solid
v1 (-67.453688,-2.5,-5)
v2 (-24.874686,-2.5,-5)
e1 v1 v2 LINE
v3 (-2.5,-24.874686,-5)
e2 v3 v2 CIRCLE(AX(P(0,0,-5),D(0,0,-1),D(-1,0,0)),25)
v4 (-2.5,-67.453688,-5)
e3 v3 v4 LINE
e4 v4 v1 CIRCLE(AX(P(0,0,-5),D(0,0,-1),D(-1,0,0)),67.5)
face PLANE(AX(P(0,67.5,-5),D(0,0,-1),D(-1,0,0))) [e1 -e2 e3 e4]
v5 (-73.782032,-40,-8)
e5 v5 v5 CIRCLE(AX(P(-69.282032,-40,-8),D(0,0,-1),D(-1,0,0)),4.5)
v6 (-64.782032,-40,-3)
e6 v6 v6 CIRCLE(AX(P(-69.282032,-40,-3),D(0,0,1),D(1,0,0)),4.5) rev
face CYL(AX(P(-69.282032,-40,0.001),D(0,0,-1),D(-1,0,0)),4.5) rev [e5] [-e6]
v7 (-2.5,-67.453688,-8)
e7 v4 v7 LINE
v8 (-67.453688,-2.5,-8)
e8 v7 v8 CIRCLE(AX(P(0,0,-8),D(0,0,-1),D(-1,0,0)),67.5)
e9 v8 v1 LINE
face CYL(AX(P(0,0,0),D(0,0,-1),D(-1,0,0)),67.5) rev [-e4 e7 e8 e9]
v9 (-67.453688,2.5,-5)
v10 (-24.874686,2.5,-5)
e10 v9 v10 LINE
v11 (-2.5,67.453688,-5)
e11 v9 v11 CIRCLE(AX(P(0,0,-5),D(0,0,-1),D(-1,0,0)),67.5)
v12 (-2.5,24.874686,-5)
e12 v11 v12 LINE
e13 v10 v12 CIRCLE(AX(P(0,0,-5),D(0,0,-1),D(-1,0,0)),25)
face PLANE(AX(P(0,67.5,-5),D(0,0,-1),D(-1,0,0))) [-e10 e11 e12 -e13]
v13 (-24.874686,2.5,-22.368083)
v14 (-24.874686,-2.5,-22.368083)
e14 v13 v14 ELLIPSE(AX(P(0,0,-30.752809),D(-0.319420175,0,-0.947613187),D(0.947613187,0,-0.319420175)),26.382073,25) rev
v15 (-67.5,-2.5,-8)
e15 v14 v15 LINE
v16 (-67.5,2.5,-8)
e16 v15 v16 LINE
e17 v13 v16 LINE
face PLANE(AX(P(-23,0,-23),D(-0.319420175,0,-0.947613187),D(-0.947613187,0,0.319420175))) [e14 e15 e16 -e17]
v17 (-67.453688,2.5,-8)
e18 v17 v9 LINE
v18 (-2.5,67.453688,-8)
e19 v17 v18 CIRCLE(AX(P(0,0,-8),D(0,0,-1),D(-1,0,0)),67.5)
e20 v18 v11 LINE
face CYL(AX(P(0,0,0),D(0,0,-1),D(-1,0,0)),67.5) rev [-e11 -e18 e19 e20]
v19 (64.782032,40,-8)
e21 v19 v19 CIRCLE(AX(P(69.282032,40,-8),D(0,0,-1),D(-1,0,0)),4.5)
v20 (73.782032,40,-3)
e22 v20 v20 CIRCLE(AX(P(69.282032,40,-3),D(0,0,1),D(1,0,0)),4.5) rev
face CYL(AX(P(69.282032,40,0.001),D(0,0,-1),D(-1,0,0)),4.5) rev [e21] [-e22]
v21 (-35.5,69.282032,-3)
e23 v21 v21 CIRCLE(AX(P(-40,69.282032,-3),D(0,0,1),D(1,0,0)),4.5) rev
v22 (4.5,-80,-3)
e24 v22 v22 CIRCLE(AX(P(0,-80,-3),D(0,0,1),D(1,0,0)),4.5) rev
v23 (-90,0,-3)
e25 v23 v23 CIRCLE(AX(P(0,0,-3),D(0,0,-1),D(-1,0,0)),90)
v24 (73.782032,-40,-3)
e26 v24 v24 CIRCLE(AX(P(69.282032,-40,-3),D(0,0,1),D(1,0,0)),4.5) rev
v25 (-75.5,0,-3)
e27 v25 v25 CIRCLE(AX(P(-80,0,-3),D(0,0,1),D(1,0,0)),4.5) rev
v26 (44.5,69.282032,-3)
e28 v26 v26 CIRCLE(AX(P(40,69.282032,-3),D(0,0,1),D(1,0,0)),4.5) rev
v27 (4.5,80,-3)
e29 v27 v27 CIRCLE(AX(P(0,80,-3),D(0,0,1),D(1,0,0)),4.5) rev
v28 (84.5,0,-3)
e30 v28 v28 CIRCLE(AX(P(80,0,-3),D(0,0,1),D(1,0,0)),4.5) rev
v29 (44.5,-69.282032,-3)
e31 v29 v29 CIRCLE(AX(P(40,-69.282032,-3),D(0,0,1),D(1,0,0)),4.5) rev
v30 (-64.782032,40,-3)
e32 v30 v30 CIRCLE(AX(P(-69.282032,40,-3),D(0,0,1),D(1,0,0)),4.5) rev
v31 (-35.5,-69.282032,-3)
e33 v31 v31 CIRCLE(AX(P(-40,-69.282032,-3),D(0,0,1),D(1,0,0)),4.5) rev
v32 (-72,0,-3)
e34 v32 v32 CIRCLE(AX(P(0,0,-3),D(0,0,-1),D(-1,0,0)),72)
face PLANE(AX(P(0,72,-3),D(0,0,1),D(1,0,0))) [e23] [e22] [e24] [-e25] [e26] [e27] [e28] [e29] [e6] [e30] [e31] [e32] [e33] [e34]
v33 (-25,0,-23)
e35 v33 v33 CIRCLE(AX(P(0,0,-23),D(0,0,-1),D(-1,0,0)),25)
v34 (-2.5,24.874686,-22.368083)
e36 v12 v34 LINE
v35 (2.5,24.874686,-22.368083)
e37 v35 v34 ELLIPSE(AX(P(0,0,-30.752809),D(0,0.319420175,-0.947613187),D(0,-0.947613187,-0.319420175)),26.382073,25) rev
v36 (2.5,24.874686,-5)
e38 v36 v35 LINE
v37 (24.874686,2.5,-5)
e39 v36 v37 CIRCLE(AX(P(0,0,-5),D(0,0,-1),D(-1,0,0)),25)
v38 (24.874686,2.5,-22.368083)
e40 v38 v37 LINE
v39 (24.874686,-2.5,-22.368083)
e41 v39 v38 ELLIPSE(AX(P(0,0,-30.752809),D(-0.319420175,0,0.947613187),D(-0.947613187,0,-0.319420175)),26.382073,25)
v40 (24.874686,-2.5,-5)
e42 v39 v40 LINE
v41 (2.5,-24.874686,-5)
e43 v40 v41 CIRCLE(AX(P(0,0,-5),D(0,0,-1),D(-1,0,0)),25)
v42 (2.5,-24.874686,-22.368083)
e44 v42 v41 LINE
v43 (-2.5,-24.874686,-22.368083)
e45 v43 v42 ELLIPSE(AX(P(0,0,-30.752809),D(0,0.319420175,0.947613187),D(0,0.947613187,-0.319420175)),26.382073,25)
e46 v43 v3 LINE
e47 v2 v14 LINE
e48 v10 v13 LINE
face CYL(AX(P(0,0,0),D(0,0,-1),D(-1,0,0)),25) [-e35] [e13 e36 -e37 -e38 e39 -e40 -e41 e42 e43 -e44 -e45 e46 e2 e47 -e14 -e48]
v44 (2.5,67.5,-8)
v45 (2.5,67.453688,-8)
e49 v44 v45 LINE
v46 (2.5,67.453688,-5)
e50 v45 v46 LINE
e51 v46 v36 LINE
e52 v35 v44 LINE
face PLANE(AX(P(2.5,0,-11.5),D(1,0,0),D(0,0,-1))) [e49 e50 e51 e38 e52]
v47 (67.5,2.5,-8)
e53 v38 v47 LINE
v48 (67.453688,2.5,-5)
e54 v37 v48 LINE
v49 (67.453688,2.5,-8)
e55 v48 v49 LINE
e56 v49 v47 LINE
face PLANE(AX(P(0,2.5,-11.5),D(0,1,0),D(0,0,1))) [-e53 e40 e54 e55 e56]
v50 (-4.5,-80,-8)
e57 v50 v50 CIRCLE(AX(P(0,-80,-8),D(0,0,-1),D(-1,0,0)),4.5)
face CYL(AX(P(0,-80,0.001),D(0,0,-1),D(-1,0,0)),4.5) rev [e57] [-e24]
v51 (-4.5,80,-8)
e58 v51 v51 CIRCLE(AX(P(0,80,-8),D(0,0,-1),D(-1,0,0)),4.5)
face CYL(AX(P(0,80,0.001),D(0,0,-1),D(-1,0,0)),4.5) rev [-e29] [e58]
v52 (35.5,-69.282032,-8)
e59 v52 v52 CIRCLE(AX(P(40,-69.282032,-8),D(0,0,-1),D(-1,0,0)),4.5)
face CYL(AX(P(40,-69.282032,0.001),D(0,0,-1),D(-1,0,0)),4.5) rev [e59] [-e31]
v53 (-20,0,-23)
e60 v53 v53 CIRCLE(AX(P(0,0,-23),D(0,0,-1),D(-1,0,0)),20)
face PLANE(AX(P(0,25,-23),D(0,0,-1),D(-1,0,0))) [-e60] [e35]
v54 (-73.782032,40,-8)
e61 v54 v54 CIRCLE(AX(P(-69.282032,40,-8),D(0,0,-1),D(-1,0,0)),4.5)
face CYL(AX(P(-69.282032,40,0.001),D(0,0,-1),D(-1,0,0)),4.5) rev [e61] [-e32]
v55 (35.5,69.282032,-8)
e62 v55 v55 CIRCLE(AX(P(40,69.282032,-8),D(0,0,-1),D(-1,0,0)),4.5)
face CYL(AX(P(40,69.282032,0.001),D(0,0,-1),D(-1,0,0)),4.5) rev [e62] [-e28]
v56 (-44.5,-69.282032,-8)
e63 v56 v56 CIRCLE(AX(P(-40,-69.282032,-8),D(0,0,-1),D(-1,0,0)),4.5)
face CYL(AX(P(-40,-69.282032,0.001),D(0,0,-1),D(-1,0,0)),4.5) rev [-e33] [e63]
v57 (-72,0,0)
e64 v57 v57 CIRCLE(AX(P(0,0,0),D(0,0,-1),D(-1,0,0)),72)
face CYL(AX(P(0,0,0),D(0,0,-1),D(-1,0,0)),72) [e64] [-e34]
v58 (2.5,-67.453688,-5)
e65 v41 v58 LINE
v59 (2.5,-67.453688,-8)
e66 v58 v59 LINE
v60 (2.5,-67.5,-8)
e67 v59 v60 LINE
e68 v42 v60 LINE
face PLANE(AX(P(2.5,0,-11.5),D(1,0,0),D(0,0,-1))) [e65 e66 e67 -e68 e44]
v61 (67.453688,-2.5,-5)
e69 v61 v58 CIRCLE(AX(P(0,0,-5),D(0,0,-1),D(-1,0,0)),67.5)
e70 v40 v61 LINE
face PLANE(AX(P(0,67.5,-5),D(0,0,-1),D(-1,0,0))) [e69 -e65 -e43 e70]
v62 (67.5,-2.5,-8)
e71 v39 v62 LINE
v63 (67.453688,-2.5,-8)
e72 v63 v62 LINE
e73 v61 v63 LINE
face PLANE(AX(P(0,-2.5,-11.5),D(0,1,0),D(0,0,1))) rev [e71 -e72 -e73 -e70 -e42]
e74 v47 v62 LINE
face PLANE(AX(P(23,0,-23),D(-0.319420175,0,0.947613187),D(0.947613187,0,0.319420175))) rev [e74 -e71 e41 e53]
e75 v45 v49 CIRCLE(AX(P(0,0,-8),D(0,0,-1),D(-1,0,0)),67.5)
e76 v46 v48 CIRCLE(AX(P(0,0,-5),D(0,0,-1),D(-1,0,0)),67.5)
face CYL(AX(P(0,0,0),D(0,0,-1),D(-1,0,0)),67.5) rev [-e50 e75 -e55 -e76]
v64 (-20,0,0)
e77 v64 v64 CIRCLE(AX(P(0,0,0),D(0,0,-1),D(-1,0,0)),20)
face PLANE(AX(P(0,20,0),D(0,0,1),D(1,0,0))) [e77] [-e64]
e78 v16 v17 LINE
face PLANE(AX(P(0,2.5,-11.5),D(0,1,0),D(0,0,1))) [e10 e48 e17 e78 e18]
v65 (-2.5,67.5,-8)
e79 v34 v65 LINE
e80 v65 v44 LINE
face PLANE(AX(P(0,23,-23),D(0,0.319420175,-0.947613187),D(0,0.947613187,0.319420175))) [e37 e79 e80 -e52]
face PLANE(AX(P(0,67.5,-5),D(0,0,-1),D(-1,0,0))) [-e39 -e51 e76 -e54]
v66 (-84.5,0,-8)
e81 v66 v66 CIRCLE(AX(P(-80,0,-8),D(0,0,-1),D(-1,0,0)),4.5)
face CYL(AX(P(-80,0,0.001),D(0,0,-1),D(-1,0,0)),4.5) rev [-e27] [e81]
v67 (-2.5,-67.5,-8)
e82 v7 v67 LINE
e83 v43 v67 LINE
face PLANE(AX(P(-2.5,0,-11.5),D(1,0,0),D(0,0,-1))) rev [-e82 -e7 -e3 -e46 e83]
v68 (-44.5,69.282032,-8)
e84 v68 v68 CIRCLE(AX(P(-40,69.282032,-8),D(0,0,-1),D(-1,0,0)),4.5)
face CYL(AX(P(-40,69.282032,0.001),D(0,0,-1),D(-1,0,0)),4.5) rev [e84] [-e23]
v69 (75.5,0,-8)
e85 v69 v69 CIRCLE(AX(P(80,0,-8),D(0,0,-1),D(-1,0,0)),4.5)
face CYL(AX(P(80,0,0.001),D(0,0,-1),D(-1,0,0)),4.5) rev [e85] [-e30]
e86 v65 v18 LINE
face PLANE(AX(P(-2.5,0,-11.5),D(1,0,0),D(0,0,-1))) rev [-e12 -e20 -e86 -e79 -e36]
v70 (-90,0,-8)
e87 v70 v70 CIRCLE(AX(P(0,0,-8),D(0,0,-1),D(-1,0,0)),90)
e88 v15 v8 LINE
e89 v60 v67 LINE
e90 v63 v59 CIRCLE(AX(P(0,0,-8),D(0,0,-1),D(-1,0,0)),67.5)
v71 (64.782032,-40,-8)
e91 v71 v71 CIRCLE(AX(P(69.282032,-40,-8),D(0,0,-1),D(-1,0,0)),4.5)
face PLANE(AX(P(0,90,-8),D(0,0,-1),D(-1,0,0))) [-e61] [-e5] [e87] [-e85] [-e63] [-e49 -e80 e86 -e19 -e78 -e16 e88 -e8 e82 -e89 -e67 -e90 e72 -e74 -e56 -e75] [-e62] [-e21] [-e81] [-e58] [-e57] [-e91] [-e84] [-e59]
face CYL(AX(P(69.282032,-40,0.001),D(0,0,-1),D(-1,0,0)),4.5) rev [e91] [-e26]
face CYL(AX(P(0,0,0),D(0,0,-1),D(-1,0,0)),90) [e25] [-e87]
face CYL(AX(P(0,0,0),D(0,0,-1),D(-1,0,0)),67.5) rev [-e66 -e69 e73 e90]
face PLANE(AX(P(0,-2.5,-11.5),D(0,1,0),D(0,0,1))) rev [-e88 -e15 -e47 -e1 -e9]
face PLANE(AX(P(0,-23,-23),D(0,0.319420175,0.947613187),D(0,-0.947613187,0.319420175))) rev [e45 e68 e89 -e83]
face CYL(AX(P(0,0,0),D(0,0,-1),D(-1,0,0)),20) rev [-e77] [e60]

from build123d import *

# Parameters (mm, degrees)
IZIM2_R               = 20
KES_EKSTR_ZYON1_DEPTH = 130.340635533
FEDER6_REACH          = 131.341
IZIM3_WALL_W          = 307.641360504
IZIM3_WALL_H          = 5
FEDER7_REACH          = 131.341
IZIM4_WALL_W          = 307.641360504
IZIM4_WALL_H          = 5
KES_EKSTR_ZYON2_REACH = 130.16
IZIM5_R               = 4.5


with BuildPart() as part:
    # Çizim1 → Döndür1 (revolve)
    with BuildSketch(Plane(origin=(0, 0, 0), x_dir=(0, 0, -1), z_dir=(1, 0, 0)), mode=Mode.PRIVATE) as d_nd_r1_sk:
        Polygon((0, 20), (0, 72), (3, 72), (3, 90), (8, 90), (8, 67.5), (5, 67.5), (5, 25), (23, 25), (23, 0), (0, 0), align=None)
    revolve(d_nd_r1_sk.sketch.rotate(Axis((0, 0, 0), (0, 0, 1)), 90), axis=Axis((0, 0, 0), (0, 0, 1)))

    # Çizim2 → Kes-Ekstrüzyon1 (cut, through all)
    with BuildSketch(Plane(origin=(0, 0, -23), x_dir=(-1, 0, 0), z_dir=(0, 0, -1))):
        Circle(IZIM2_R)
    extrude(amount=-KES_EKSTR_ZYON1_DEPTH, mode=Mode.SUBTRACT)

    # Çizim3 wall → Feder6 (add, up to next)
    with BuildSketch(Plane(origin=(0, 45.25, -15.5), x_dir=(0, 0.947613186704, 0.319420175294), z_dir=(0, -0.319420175294, 0.947613186704)), mode=Mode.PRIVATE) as feder6_sk1:
        Rectangle(IZIM3_WALL_W, IZIM3_WALL_H)
    feder6_tool1 = extrude(feder6_sk1.sketch, amount=FEDER6_REACH, mode=Mode.PRIVATE) - part.part
    feder6 = feder6_tool1.solids().sort_by_distance((0, 45.25, -15.5))[0]
    add(feder6)

    # Aynalama1: Feder6 across plane
    add(feder6.mirror(Plane.ZX))

    # Çizim4 wall → Feder7 (add, up to next)
    with BuildSketch(Plane(origin=(-45.25, 0, -15.5), x_dir=(-0.947613186704, 0, 0.319420175294), z_dir=(0.319420175294, 0, 0.947613186704)), mode=Mode.PRIVATE) as feder7_sk1:
        Rectangle(IZIM4_WALL_W, IZIM4_WALL_H)
    feder7_tool1 = extrude(feder7_sk1.sketch, amount=FEDER7_REACH, mode=Mode.PRIVATE) - part.part
    feder7 = feder7_tool1.solids().sort_by_distance((-45.25, 0, -15.5))[0]
    add(feder7)

    # Aynalama2: Feder7 across plane
    add(feder7.mirror(Plane(origin=(0, 0, 0), x_dir=(0, 0, 1), z_dir=(1, 0, 0))))

    # Çizim5 → Kes-Ekstrüzyon2 (cut, up to next)
    with BuildSketch(Plane(origin=(0, 0, -8), x_dir=(-1, 0, 0), z_dir=(0, 0, -1)), mode=Mode.PRIVATE) as kes_ekstr_zyon2_sk1:
        with Locations((0, 80)):
            Circle(IZIM5_R)
    kes_ekstr_zyon2_tool1 = extrude(kes_ekstr_zyon2_sk1.sketch, amount=-KES_EKSTR_ZYON2_REACH, mode=Mode.PRIVATE) & part.part
    # Çizim5 → Kes-Ekstrüzyon2 (cut, up to next)
    with BuildSketch(Plane(origin=(0, 0, -8), x_dir=(-1, 0, 0), z_dir=(0, 0, -1)), mode=Mode.PRIVATE) as kes_ekstr_zyon2_sk2:
        with Locations((40, 69.282032303)):
            Circle(IZIM5_R)
    kes_ekstr_zyon2_tool2 = extrude(kes_ekstr_zyon2_sk2.sketch, amount=-KES_EKSTR_ZYON2_REACH, mode=Mode.PRIVATE) & part.part
    # Çizim5 → Kes-Ekstrüzyon2 (cut, up to next)
    with BuildSketch(Plane(origin=(0, 0, -8), x_dir=(-1, 0, 0), z_dir=(0, 0, -1)), mode=Mode.PRIVATE) as kes_ekstr_zyon2_sk3:
        with Locations((69.282032303, 40)):
            Circle(IZIM5_R)
    kes_ekstr_zyon2_tool3 = extrude(kes_ekstr_zyon2_sk3.sketch, amount=-KES_EKSTR_ZYON2_REACH, mode=Mode.PRIVATE) & part.part
    # Çizim5 → Kes-Ekstrüzyon2 (cut, up to next)
    with BuildSketch(Plane(origin=(0, 0, -8), x_dir=(-1, 0, 0), z_dir=(0, 0, -1)), mode=Mode.PRIVATE) as kes_ekstr_zyon2_sk4:
        with Locations((80, 0)):
            Circle(IZIM5_R)
    kes_ekstr_zyon2_tool4 = extrude(kes_ekstr_zyon2_sk4.sketch, amount=-KES_EKSTR_ZYON2_REACH, mode=Mode.PRIVATE) & part.part
    # Çizim5 → Kes-Ekstrüzyon2 (cut, up to next)
    with BuildSketch(Plane(origin=(0, 0, -8), x_dir=(-1, 0, 0), z_dir=(0, 0, -1)), mode=Mode.PRIVATE) as kes_ekstr_zyon2_sk5:
        with Locations((69.282032303, -40)):
            Circle(IZIM5_R)
    kes_ekstr_zyon2_tool5 = extrude(kes_ekstr_zyon2_sk5.sketch, amount=-KES_EKSTR_ZYON2_REACH, mode=Mode.PRIVATE) & part.part
    # Çizim5 → Kes-Ekstrüzyon2 (cut, up to next)
    with BuildSketch(Plane(origin=(0, 0, -8), x_dir=(-1, 0, 0), z_dir=(0, 0, -1)), mode=Mode.PRIVATE) as kes_ekstr_zyon2_sk6:
        with Locations((40, -69.282032303)):
            Circle(IZIM5_R)
    kes_ekstr_zyon2_tool6 = extrude(kes_ekstr_zyon2_sk6.sketch, amount=-KES_EKSTR_ZYON2_REACH, mode=Mode.PRIVATE) & part.part
    # Çizim5 → Kes-Ekstrüzyon2 (cut, up to next)
    with BuildSketch(Plane(origin=(0, 0, -8), x_dir=(-1, 0, 0), z_dir=(0, 0, -1)), mode=Mode.PRIVATE) as kes_ekstr_zyon2_sk7:
        with Locations((0, -80)):
            Circle(IZIM5_R)
    kes_ekstr_zyon2_tool7 = extrude(kes_ekstr_zyon2_sk7.sketch, amount=-KES_EKSTR_ZYON2_REACH, mode=Mode.PRIVATE) & part.part
    # Çizim5 → Kes-Ekstrüzyon2 (cut, up to next)
    with BuildSketch(Plane(origin=(0, 0, -8), x_dir=(-1, 0, 0), z_dir=(0, 0, -1)), mode=Mode.PRIVATE) as kes_ekstr_zyon2_sk8:
        with Locations((-40, -69.282032303)):
            Circle(IZIM5_R)
    kes_ekstr_zyon2_tool8 = extrude(kes_ekstr_zyon2_sk8.sketch, amount=-KES_EKSTR_ZYON2_REACH, mode=Mode.PRIVATE) & part.part
    # Çizim5 → Kes-Ekstrüzyon2 (cut, up to next)
    with BuildSketch(Plane(origin=(0, 0, -8), x_dir=(-1, 0, 0), z_dir=(0, 0, -1)), mode=Mode.PRIVATE) as kes_ekstr_zyon2_sk9:
        with Locations((-69.282032303, -40)):
            Circle(IZIM5_R)
    kes_ekstr_zyon2_tool9 = extrude(kes_ekstr_zyon2_sk9.sketch, amount=-KES_EKSTR_ZYON2_REACH, mode=Mode.PRIVATE) & part.part
    # Çizim5 → Kes-Ekstrüzyon2 (cut, up to next)
    with BuildSketch(Plane(origin=(0, 0, -8), x_dir=(-1, 0, 0), z_dir=(0, 0, -1)), mode=Mode.PRIVATE) as kes_ekstr_zyon2_sk10:
        with Locations((-80, 0)):
            Circle(IZIM5_R)
    kes_ekstr_zyon2_tool10 = extrude(kes_ekstr_zyon2_sk10.sketch, amount=-KES_EKSTR_ZYON2_REACH, mode=Mode.PRIVATE) & part.part
    # Çizim5 → Kes-Ekstrüzyon2 (cut, up to next)
    with BuildSketch(Plane(origin=(0, 0, -8), x_dir=(-1, 0, 0), z_dir=(0, 0, -1)), mode=Mode.PRIVATE) as kes_ekstr_zyon2_sk11:
        with Locations((-69.282032303, 40)):
            Circle(IZIM5_R)
    kes_ekstr_zyon2_tool11 = extrude(kes_ekstr_zyon2_sk11.sketch, amount=-KES_EKSTR_ZYON2_REACH, mode=Mode.PRIVATE) & part.part
    # Çizim5 → Kes-Ekstrüzyon2 (cut, up to next)
    with BuildSketch(Plane(origin=(0, 0, -8), x_dir=(-1, 0, 0), z_dir=(0, 0, -1)), mode=Mode.PRIVATE) as kes_ekstr_zyon2_sk12:
        with Locations((-40, 69.282032303)):
            Circle(IZIM5_R)
    kes_ekstr_zyon2_tool12 = extrude(kes_ekstr_zyon2_sk12.sketch, amount=-KES_EKSTR_ZYON2_REACH, mode=Mode.PRIVATE) & part.part
    add(kes_ekstr_zyon2_tool1.solids().sort_by_distance((0, 80, -8))[0], mode=Mode.SUBTRACT)
    add(kes_ekstr_zyon2_tool2.solids().sort_by_distance((-40, 69.282032, -8))[0], mode=Mode.SUBTRACT)
    add(kes_ekstr_zyon2_tool3.solids().sort_by_distance((-69.282032, 40, -8))[0], mode=Mode.SUBTRACT)
    add(kes_ekstr_zyon2_tool4.solids().sort_by_distance((-80, 0, -8))[0], mode=Mode.SUBTRACT)
    add(kes_ekstr_zyon2_tool5.solids().sort_by_distance((-69.282032, -40, -8))[0], mode=Mode.SUBTRACT)
    add(kes_ekstr_zyon2_tool6.solids().sort_by_distance((-40, -69.282032, -8))[0], mode=Mode.SUBTRACT)
    add(kes_ekstr_zyon2_tool7.solids().sort_by_distance((0, -80, -8))[0], mode=Mode.SUBTRACT)
    add(kes_ekstr_zyon2_tool8.solids().sort_by_distance((40, -69.282032, -8))[0], mode=Mode.SUBTRACT)
    add(kes_ekstr_zyon2_tool9.solids().sort_by_distance((69.282032, -40, -8))[0], mode=Mode.SUBTRACT)
    add(kes_ekstr_zyon2_tool10.solids().sort_by_distance((80, 0, -8))[0], mode=Mode.SUBTRACT)
    add(kes_ekstr_zyon2_tool11.solids().sort_by_distance((69.282032, 40, -8))[0], mode=Mode.SUBTRACT)
    add(kes_ekstr_zyon2_tool12.solids().sort_by_distance((40, 69.282032, -8))[0], mode=Mode.SUBTRACT)


solid = part.part
